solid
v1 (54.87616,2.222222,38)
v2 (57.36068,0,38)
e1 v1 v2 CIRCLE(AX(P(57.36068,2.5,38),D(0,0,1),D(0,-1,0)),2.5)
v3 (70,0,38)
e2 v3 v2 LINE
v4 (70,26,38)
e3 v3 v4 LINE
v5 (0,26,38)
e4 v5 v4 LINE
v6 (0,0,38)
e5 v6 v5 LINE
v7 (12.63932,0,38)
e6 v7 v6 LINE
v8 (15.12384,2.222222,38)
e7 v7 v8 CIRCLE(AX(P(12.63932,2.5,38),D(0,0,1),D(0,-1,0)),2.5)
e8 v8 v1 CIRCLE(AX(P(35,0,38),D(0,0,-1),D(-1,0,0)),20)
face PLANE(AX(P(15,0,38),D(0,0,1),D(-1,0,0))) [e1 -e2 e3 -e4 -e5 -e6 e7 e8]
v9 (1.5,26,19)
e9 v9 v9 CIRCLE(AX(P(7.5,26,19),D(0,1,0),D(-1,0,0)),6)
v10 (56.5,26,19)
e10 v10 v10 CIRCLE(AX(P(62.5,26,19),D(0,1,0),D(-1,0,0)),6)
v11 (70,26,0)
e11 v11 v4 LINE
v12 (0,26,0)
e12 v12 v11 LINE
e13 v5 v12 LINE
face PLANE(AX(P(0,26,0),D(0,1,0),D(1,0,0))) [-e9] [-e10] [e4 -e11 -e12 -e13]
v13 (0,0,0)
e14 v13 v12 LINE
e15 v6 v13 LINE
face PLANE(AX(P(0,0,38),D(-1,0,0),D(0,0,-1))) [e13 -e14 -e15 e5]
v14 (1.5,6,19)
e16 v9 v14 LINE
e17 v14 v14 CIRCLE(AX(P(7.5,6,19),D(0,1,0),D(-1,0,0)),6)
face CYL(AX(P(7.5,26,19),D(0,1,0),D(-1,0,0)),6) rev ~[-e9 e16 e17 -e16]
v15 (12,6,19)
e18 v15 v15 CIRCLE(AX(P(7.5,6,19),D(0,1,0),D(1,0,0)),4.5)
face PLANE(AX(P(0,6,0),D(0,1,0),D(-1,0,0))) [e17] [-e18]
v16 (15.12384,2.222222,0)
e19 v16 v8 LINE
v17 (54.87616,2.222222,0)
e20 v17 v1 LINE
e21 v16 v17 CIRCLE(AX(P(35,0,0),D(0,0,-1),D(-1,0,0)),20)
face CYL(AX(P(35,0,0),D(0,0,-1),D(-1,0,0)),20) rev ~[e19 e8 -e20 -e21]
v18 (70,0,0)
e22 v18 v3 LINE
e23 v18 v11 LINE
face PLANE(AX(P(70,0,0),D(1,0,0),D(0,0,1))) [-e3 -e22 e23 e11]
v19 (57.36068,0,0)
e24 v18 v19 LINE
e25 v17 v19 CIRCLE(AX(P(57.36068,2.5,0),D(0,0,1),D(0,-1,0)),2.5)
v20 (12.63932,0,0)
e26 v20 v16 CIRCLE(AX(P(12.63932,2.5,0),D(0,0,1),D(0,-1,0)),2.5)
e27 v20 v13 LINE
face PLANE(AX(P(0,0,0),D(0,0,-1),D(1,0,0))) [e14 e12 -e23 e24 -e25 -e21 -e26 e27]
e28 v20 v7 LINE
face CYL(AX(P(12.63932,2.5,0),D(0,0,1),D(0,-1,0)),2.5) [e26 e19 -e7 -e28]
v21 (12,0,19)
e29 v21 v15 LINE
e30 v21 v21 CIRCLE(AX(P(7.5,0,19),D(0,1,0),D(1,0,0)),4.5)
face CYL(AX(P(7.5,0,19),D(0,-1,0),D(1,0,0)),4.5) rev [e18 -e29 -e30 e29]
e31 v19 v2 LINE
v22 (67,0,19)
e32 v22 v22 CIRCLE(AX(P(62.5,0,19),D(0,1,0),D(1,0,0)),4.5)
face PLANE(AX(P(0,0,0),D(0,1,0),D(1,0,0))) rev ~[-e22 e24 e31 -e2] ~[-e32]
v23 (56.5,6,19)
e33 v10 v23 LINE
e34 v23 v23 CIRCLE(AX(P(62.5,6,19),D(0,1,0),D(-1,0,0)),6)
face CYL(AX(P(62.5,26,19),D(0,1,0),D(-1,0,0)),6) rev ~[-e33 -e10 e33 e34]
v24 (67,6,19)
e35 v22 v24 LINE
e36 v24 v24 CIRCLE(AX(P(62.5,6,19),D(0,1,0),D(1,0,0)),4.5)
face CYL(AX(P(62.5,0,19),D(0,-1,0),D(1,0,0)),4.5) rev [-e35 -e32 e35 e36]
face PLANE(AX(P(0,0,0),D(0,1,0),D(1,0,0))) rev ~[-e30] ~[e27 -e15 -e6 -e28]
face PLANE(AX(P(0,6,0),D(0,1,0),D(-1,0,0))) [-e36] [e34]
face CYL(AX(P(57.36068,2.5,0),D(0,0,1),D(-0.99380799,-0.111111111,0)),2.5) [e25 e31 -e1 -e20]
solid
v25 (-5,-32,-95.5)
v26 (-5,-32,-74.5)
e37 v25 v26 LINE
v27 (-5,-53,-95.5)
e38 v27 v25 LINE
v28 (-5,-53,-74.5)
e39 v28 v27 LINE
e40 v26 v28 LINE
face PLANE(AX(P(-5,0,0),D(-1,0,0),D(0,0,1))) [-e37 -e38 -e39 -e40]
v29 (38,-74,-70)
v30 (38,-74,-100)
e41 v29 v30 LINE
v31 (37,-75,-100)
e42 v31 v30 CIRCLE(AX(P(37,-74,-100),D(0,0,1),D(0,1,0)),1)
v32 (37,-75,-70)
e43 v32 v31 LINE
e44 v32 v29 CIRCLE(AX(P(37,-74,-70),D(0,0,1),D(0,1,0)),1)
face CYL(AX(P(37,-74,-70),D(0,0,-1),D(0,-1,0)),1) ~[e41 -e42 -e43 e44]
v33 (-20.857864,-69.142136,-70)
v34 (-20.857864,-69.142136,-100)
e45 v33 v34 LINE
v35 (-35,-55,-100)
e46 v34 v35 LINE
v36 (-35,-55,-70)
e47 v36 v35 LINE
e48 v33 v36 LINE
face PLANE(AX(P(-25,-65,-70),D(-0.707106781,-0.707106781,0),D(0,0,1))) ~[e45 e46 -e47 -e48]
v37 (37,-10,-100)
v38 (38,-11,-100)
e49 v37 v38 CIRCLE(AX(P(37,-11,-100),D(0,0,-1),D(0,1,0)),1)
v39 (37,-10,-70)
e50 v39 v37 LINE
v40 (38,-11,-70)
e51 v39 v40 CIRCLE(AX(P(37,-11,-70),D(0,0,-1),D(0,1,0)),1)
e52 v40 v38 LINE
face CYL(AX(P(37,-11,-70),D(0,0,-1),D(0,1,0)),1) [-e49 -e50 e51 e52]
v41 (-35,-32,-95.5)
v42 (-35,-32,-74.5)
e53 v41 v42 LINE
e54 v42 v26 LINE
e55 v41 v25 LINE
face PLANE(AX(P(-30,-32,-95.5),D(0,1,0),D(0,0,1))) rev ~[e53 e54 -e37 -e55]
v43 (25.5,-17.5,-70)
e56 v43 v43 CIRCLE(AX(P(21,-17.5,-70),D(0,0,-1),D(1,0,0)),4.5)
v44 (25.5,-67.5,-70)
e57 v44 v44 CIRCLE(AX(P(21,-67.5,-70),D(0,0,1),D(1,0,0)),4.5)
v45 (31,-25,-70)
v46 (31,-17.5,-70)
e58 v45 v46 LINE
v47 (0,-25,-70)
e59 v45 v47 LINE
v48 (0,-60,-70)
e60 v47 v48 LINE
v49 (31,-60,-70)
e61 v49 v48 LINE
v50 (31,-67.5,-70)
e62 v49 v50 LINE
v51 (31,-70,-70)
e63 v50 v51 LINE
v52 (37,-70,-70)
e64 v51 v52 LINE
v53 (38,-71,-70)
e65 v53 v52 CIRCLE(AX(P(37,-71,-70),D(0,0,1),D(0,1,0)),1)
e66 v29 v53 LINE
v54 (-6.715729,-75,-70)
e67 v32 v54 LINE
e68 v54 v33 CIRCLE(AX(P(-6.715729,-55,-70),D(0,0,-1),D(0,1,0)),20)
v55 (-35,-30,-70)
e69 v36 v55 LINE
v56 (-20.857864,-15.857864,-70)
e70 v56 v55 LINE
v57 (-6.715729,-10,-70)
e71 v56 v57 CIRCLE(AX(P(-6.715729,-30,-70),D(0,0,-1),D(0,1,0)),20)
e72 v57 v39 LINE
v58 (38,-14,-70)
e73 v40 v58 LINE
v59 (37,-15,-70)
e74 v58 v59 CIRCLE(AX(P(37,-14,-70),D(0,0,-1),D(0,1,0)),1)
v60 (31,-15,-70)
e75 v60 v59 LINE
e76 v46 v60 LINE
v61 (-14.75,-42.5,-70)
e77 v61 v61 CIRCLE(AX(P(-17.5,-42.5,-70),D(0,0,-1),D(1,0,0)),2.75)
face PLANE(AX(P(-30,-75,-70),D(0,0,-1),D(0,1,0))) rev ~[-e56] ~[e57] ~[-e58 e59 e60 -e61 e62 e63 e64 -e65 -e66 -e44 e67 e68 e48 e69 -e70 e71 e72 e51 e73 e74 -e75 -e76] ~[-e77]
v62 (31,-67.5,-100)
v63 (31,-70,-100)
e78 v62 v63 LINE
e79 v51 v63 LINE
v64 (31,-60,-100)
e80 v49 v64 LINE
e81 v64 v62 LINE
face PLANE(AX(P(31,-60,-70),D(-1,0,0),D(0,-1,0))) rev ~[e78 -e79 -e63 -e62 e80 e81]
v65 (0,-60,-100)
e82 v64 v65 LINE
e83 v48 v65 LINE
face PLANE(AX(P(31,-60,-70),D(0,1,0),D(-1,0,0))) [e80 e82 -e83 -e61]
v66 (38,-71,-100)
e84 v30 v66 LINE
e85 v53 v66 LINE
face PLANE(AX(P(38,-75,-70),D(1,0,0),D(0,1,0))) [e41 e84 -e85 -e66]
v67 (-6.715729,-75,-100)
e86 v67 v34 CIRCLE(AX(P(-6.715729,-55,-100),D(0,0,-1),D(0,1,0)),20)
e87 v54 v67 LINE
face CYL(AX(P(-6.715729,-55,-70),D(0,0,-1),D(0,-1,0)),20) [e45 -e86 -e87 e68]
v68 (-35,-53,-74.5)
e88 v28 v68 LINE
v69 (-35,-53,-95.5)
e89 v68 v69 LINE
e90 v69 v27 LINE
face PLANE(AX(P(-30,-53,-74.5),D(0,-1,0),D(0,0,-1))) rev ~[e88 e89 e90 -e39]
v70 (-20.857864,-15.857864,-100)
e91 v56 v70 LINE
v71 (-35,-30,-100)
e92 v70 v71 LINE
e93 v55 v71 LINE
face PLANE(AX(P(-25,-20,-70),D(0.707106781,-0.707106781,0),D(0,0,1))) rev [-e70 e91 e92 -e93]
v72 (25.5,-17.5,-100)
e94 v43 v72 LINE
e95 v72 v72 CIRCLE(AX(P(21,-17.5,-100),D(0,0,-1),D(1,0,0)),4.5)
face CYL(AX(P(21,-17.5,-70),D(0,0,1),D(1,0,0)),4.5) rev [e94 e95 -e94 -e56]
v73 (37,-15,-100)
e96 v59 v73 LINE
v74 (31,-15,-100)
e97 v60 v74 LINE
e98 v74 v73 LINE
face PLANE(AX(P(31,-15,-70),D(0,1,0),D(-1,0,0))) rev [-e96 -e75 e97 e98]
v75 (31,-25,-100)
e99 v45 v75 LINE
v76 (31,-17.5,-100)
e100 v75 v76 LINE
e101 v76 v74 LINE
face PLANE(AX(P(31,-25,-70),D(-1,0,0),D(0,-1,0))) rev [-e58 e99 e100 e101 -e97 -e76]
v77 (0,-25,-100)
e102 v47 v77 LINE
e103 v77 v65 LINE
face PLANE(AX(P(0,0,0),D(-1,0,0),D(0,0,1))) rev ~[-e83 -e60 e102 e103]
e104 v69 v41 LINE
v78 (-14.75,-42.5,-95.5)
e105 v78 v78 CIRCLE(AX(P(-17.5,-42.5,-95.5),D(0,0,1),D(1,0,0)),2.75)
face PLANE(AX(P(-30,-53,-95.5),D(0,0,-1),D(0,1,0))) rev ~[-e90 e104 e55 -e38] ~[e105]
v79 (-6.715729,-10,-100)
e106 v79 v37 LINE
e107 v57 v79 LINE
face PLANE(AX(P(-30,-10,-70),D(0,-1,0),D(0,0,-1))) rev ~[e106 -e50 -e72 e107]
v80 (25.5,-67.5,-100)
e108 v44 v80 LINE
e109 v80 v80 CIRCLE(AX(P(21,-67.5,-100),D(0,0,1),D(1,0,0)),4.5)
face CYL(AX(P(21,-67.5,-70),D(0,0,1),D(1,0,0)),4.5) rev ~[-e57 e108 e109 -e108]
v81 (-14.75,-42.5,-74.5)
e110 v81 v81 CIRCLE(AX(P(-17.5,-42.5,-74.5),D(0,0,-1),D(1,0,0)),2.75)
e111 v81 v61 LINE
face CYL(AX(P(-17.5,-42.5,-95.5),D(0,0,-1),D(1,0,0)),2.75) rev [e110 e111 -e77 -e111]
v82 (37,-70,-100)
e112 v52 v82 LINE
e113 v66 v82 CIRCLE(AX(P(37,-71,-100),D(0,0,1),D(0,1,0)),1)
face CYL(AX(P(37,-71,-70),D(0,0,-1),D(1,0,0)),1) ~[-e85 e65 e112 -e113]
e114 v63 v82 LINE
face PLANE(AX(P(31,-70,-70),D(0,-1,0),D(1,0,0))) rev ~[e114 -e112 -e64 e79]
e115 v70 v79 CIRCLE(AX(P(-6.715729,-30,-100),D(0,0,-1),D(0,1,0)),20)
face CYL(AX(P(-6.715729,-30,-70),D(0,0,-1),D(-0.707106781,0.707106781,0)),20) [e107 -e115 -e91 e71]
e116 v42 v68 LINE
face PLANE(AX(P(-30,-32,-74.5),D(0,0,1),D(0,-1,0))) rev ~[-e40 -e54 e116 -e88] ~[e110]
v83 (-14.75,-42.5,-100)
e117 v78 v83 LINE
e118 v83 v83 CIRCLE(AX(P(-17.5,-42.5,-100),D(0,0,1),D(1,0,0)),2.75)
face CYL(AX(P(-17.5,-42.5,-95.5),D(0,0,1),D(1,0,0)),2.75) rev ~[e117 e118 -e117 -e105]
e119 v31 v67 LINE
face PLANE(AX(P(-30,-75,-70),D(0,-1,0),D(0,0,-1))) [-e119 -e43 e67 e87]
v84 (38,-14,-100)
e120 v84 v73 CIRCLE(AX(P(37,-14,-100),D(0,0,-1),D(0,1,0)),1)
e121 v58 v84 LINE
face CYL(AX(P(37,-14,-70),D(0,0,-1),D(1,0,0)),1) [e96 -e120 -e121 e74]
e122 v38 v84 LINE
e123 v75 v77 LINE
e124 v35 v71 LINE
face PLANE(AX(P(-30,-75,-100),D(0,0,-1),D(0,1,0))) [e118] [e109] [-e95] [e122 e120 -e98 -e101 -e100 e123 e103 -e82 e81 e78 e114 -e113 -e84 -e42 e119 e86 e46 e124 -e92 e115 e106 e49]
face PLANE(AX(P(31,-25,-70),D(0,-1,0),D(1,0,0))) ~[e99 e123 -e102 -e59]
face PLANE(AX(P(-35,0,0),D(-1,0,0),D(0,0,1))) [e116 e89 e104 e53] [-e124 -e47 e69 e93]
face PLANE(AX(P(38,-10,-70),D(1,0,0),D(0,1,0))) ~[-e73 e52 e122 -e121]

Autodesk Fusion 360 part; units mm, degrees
sketch "Skizze1" plane through (0, 0, 0) normal (0, 1, 0) x (1, 0, 0)
  line L0 (0, 0) -> (70, 0)
  line L1 (70, 0) -> (70, -38)
  line L2 (70, -38) -> (0, -38)
  line L3 (0, -38) -> (0, 0)
  line L4 (0, 0) -> (15, 0)
  line L5 (15, 0) -> (15, -38)
  line L6 (15, -38) -> (0, -38)
  line L7 (0, -38) -> (0, 0)
  line L8 (70, 0) -> (55, 0)
  line L9 (55, 0) -> (55, -38)
  line L10 (55, -38) -> (70, -38)
  line L11 (70, -38) -> (70, 0)
  circle A0 centre (62.5, -19) radius 4.5
  circle A1 centre (7.5, -19) radius 4.5
  dimension "d1" = 70
  dimension "d2" = 38
  dimension "d3" = 15
  dimension "d4" = 15
  dimension "d5" = 9
  dimension "d6" = 9
extrude "Extrusion1" add sketch "Skizze1" along normal blind 26 makes body 1
sketch "Skizze2" plane through (0, 0, 0) normal (0, 0, -1) x (-1, 0, 0)
  line L0 (-70, 0) -> (0, 0)
  line L1 (0, 0) -> (0, 26)
  line L2 (0, 26) -> (-70, 26)
  line L3 (-70, 26) -> (-70, 0)
  line L4 (0, 0) -> (-15, 0)
  line L5 (-15, 0) -> (-15, 26)
  line L6 (-15, 26) -> (0, 26)
  line L7 (0, 26) -> (0, 0)
  line L8 (-70, 0) -> (-55, 0)
  line L9 (-55, 0) -> (-55, 26)
  line L10 (-55, 26) -> (-70, 26)
  line L11 (-70, 26) -> (-70, 0)
  circle A0 centre (-35, 0) radius 20
  dimension "d9" = 15
  dimension "d10" = 15
extrude "Extrusion2" cut sketch "Skizze2" against normal blind 100 contours L0 A0 picked at (-29.4917, 5.7427) bodies 1
fillet "Abrundung1" radius 2.5 2 edges at (15, 0, 19) (55, 0, 19) on bodies 1
sketch "Skizze3" plane through (0, 0, 0) normal (0, 0, -1) x (-1, 0, 0)
  arc A0 (-57.3607, 0) -> (-54.8762, 2.2222) centre (-57.3607, 2.5) ccw
  arc A1 (-15.1238, 2.2222) -> (-54.8762, 2.2222) centre (-35, 0) ccw
  arc A2 (-15.1238, 2.2222) -> (-12.6393, 0) centre (-12.6393, 2.5) ccw
  line L0 (-12.6393, 0) -> (0, 0)
  line L1 (0, 0) -> (0, 26)
  line L2 (0, 26) -> (-70, 26)
  line L3 (-70, 26) -> (-70, 0)
  line L4 (-70, 0) -> (-57.3607, 0)
  line L5 (0, 26) -> (-15, 26)
  line L6 (-15, 26) -> (-15, 0)
  line L7 (-15, 0) -> (0, 0)
  line L8 (0, 0) -> (0, 26)
  line L9 (-70, 26) -> (-55, 26)
  line L10 (-55, 26) -> (-55, 0)
  line L11 (-55, 0) -> (-70, 0)
  line L12 (-70, 0) -> (-70, 26)
  dimension "d15" = 15
  dimension "d16" = 15
ref_plane "Arbeitsebene1" through (0, 0, -70) normal (0, 0, 1) x (1, 0, 0)
sketch "Skizze4" plane through (0, 0, -70) normal (0, 0, 1) x (1, 0, 0)
  line L0 (0, -75) -> (38, -75)
  line L1 (38, -75) -> (38, -60)
  line L2 (38, -60) -> (0, -60)
  line L3 (0, -60) -> (0, -75)
  line L4 (38, -67.5) -> (21, -67.5)
  circle A0 centre (21, -67.5) radius 4.5
  line L5 (38, -60) -> (31, -60)
  line L6 (31, -60) -> (31, -70)
  line L7 (31, -70) -> (38, -70)
  line L8 (38, -70) -> (38, -60)
  dimension "d18" = 38
  dimension "d19" = 15
  dimension "d20" = 17
  dimension "d21" = 9
  dimension "d22" = 7
  dimension "d23" = 10
extrude "Extrusion3" add sketch "Skizze4" against normal blind 30 separate body contours L0 L1 L2 L3 L6 L7 makes body 2
copy_body "Körper kopieren/einfügen1" bodies 2 makes body 3
mirror "Spiegeln1" about plane through (0, 0, -100) normal (0, 0, 1) of bodies 2 makes body 4
move_body "Verschieben1" bodies 4 to x (1, 0, 0) y (0, 1, 0) z (0, 0, 1) at (0, 0, -35)
move_body "Verschieben2" bodies 4 to x (1, 0, 0) y (0, -1, 0) z (0, 0, -1) at (0, -85, -235)
sketch "Skizze5" plane through (0, 0, 0) normal (-1, 0, 0) x (0, 0, 1)
  line L0 (-70, -25) -> (-70, -10)
  line L1 (-70, -10) -> (-100, -10)
  line L2 (-100, -10) -> (-100, -25)
  line L3 (-100, -25) -> (-70, -25)
  line L4 (-100, -10) -> (-70, -10)
  line L5 (-70, -10) -> (-70, -75)
  line L6 (-70, -75) -> (-100, -75)
  line L7 (-100, -75) -> (-100, -10)
extrude "Extrusion4" add sketch "Skizze5" along normal blind 30 bodies 2 3 4
sketch "Skizze6" plane through (-30, 0, 0) normal (-1, 0, 0) x (0, 0, 1)
  line L0 (-100, -75) -> (-70, -75)
  line L1 (-70, -75) -> (-70, -10)
  line L2 (-70, -10) -> (-100, -10)
  line L3 (-100, -10) -> (-100, -75)
  line L4 (-100, -10) -> (-70, -10)
  line L5 (-70, -10) -> (-70, -75)
  line L6 (-70, -75) -> (-100, -75)
  line L7 (-100, -75) -> (-100, -10)
  line L8 (-74.5, -53) -> (-95.5, -53)
  line L9 (-95.5, -53) -> (-95.5, -32)
  line L10 (-95.5, -32) -> (-74.5, -32)
  line L11 (-74.5, -32) -> (-74.5, -53)
  line L12 (-74.5, -53) -> (-95.5, -32) construction
  line L13 (-95.5, -53) -> (-74.5, -32) construction
  point P0 (-85, -42.5)
  dimension "d30" = 21
  dimension "d31" = 21
extrude "Extrusion5" cut sketch "Skizze6" against normal blind 25 contours L8 L9 L10 L11 bodies 2
sketch "Skizze7" plane through (0, 0, -95.5) normal (0, 0, 1) x (1, 0, 0)
  line L0 (-30, -32) -> (-30, -53)
  line L1 (-30, -53) -> (-5, -53)
  line L2 (-5, -53) -> (-5, -32)
  line L3 (-5, -32) -> (-30, -32)
  line L4 (-5, -53) -> (-30, -53)
  line L5 (-30, -53) -> (-30, -32)
  line L6 (-30, -32) -> (-5, -32)
  line L7 (-5, -32) -> (-5, -53)
  circle A0 centre (-17.5, -42.5) radius 2.75
  dimension "d34" = 5.5
extrude "Extrusion6" cut sketch "Skizze7" along normal blind 37 contours A0 bodies 2
extrude "Extrusion7" cut sketch "Skizze7" against normal blind 10 contours A0 bodies 2
extrude "Extrusion8" add 1 faces at (-30, -67.6667, -81.5) along direction (-1, 0, 0) blind 5 on bodies 2 bodies 2
chamfer "Fase1" distance 20 angle 45 2 edges at (-35, -75, -85) (-35, -10, -85) on bodies 2
fillet "Abrundung2" radius 1 4 edges at (38, -15, -85) (38, -10, -85) (38, -75, -85) (38, -70, -85) on bodies 2
fillet "Abrundung3" radius 20 2 edges at (-15, -75, -85) (-15, -10, -85) on bodies 2
sketch "Skizze8" plane through (0, 26, 0) normal (0, 1, 0) x (-1, 0, 0)
  circle A0 centre (-7.5, 19) radius 4.5
  circle A1 centre (-62.5, 19) radius 4.5
  line L0 (0, 38) -> (-70, 38)
  line L1 (-70, 38) -> (-70, 0)
  line L2 (-70, 0) -> (0, 0)
  line L3 (0, 0) -> (0, 38)
  circle A2 centre (-7.5, 19) radius 6
  circle A3 centre (-62.5, 19) radius 6
  dimension "d46" = 12
  dimension "d47" = 12
extrude "Extrusion9" cut sketch "Skizze8" against normal blind 20 contours A2 | A3 bodies 1
